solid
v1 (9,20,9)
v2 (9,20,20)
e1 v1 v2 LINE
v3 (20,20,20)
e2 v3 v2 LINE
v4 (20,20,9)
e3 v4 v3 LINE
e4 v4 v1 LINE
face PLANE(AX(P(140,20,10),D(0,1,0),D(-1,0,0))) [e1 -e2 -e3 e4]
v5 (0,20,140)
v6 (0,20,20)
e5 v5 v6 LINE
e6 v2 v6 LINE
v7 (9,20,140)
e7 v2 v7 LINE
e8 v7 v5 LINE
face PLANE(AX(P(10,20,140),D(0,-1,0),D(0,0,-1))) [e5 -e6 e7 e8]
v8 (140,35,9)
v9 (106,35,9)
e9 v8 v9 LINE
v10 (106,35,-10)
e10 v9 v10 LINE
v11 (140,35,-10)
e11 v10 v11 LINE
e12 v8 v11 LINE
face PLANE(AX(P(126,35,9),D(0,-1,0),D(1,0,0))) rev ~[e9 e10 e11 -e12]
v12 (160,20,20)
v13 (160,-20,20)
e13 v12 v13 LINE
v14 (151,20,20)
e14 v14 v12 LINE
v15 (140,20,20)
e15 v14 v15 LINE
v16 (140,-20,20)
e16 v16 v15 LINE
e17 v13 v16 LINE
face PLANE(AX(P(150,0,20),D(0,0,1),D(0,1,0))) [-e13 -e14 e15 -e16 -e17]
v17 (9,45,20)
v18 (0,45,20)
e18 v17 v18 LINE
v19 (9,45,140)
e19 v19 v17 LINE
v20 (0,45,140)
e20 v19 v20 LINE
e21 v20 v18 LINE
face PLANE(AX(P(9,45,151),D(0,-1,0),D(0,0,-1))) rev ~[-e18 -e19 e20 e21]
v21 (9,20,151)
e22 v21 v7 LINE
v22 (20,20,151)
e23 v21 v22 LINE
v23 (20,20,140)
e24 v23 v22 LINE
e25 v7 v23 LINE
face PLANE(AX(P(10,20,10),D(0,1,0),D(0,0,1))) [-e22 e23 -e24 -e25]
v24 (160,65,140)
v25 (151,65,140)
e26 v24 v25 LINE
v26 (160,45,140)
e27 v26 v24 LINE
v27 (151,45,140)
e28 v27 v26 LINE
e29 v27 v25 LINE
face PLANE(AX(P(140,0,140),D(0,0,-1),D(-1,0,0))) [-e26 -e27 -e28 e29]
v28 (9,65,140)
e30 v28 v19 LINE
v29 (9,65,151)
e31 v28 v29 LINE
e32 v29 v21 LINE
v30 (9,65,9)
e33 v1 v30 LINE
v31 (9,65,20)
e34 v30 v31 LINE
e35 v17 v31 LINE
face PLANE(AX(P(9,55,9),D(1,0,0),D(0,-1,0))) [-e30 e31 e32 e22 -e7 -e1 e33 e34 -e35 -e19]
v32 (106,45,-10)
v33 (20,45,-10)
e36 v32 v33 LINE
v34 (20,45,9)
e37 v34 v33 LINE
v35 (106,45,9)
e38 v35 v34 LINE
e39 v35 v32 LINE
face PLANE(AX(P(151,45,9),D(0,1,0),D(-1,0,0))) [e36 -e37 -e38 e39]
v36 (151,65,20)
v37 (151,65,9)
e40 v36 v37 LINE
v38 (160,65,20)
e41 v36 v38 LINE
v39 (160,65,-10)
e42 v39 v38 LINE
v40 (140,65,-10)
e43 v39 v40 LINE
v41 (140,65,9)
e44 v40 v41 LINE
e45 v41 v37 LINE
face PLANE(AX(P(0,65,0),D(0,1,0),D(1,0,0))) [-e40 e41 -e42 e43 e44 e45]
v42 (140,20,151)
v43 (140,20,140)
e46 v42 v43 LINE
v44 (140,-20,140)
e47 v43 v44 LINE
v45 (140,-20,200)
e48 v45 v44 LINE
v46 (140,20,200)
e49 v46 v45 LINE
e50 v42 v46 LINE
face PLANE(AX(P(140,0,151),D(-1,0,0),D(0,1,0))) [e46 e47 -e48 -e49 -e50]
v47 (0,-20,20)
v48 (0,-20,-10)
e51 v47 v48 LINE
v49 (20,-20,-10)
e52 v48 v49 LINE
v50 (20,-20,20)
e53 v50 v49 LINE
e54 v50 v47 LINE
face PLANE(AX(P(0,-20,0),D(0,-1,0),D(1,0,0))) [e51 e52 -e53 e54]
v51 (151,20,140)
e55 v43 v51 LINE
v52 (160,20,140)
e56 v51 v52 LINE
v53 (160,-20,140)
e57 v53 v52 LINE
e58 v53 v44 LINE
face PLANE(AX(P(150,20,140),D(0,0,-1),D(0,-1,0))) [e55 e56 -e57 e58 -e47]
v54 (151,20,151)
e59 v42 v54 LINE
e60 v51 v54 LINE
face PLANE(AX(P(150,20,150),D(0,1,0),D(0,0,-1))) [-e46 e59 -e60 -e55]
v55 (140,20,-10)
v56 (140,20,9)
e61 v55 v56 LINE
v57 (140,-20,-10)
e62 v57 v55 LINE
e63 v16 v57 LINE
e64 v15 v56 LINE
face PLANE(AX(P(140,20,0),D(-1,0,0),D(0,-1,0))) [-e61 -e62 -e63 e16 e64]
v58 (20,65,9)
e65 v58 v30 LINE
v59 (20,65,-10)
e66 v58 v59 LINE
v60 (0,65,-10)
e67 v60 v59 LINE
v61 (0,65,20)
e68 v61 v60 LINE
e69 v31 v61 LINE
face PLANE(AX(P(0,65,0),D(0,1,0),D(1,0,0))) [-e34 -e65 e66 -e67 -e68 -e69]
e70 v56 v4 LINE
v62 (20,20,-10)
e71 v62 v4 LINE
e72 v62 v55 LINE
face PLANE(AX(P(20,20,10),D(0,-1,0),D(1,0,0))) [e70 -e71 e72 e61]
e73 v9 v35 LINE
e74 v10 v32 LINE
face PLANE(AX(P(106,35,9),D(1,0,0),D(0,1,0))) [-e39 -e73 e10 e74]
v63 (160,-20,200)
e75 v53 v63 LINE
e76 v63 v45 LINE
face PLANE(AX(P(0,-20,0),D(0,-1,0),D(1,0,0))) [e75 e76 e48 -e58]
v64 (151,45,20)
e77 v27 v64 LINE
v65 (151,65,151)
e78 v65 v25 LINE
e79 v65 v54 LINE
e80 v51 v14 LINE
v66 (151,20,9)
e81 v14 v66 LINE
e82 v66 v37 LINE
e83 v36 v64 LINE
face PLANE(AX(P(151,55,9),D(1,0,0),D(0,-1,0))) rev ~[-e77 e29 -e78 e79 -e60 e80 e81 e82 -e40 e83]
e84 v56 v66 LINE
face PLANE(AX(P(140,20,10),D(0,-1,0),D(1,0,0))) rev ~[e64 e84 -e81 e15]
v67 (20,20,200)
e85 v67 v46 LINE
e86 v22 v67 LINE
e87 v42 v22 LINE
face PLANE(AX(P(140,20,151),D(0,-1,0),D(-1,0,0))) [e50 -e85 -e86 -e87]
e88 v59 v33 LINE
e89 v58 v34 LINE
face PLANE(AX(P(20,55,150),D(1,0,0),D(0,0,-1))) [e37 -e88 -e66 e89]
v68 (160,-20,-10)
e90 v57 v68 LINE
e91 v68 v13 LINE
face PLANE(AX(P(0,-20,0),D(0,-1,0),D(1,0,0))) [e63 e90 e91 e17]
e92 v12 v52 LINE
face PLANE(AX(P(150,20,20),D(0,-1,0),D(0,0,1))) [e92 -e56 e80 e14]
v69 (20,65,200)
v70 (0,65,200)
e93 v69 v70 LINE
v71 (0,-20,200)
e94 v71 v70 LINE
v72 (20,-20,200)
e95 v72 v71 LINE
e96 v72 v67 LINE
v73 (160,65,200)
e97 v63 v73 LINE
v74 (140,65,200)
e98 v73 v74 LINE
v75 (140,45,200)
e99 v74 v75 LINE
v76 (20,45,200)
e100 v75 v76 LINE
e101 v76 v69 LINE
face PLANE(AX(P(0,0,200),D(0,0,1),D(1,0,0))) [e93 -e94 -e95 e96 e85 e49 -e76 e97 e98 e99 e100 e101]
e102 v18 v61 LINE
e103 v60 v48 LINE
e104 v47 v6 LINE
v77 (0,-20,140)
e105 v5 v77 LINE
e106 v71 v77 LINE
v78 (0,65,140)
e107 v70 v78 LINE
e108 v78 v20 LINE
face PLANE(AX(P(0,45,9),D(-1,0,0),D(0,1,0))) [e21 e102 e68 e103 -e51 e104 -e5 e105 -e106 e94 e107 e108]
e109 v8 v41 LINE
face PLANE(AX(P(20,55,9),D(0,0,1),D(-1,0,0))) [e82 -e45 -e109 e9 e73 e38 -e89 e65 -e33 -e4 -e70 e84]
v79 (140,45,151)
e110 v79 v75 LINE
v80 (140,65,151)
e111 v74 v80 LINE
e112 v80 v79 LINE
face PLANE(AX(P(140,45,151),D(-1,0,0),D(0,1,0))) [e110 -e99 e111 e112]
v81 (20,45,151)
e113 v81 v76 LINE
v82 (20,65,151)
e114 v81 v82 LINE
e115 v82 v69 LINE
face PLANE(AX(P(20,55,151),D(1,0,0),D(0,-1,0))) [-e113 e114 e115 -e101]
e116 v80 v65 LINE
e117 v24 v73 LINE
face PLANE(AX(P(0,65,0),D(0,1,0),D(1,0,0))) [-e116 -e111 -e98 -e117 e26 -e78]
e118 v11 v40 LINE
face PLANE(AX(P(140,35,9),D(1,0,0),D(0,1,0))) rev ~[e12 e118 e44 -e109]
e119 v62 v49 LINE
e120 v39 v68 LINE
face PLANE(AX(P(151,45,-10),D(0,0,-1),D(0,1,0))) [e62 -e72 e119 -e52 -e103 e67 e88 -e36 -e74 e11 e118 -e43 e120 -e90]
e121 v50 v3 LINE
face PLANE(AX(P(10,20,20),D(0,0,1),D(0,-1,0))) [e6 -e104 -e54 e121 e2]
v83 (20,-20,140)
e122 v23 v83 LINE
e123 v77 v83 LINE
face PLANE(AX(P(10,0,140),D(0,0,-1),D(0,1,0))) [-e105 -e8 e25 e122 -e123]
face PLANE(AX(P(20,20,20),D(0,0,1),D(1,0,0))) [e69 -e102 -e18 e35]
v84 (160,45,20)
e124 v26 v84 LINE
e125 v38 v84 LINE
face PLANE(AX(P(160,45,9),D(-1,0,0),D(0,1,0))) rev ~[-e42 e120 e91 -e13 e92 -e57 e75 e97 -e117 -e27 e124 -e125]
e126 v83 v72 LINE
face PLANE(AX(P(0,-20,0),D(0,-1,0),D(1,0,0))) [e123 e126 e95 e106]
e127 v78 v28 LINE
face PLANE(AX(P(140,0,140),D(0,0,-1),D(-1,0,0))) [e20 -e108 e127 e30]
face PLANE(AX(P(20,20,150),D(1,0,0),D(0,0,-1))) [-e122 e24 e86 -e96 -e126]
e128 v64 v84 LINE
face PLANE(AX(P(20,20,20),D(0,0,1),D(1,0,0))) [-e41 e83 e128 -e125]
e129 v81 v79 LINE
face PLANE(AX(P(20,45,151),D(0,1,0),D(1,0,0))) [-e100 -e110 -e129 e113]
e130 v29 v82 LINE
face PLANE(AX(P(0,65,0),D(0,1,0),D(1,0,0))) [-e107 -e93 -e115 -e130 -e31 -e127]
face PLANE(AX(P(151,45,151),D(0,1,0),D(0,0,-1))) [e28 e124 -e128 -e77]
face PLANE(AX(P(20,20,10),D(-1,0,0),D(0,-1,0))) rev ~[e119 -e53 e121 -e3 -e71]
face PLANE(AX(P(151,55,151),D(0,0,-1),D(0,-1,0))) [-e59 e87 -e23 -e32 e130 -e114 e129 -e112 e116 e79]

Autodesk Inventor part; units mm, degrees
ref_plane "YZ Plane" through (0, 0, 0) normal (1, 0, 0) x (0, 1, 0)
ref_plane "XZ Plane" through (0, 0, 0) normal (0, 1, 0) x (-1, 0, 0)
ref_plane "XY Plane" through (0, 0, 0) normal (0, 0, 1) x (1, 0, 0)
sketch "Sketch1" plane through (0, 0, 0) normal (0, 1, 0) x (-1, 0, 0)
  line L0 (0, 0) -> (-160, 0)
  line L1 (-160, 0) -> (-160, 190)
  line L2 (-160, 190) -> (0, 190)
  line L3 (0, 190) -> (0, 0)
  dimension "d0" = 160
  dimension "d1" = 190
extrude "Extrusion1" add sketch "Sketch1" along normal blind 55
sketch "Sketch2" plane through (0, 55, 0) normal (0, 1, 0) x (1, 0, 0)
  line L0 (0, 0) -> (10, 0)
  line L1 (10, 0) -> (10, -10)
  line L2 (10, -10) -> (0, -10)
  line L3 (0, -10) -> (0, 0)
  line L4 (10, -10) -> (150, -10)
  line L5 (150, -10) -> (150, -150)
  line L6 (150, -150) -> (10, -150)
  line L7 (10, -150) -> (10, -10)
  dimension "d4" = 10
  dimension "d5" = 10
  dimension "d6" = 140
  dimension "d7" = 140
extrude "Extrusion2" cut sketch "Sketch2" against normal blind 35 contours L4 L5 L6 L7
sketch "Sketch3" plane through (0, 20, 0) normal (0, 1, 0) x (1, 0, 0)
  line L0 (10, -150) -> (10, -10) projected
  line L1 (10, -10) -> (20, -10)
  line L2 (20, -10) -> (20, -20)
  line L3 (20, -20) -> (10, -20)
  line L4 (10, -20) -> (10, -10)
  line L5 (20, -20) -> (140, -20)
  line L6 (140, -20) -> (140, -140)
  line L7 (140, -140) -> (20, -140)
  line L8 (20, -140) -> (20, -20)
  point P0 (0, 0)
  dimension "d10" = 10
  dimension "d11" = 10
  dimension "d12" = 120
  dimension "d13" = 120
extrude "Extrusion3" cut sketch "Sketch3" against normal blind 20 contours L5 L6 L7 L8
sketch "Sketch4" plane through (0, 20, 0) normal (0, 1, 0) x (1, 0, 0)
  line L0 (20, -20) -> (20, -140) projected
  line L1 (20, -20) -> (10, -20)
  line L2 (10, -20) -> (10, -140)
  line L3 (10, -140) -> (20, -140)
  line L4 (20, -140) -> (20, -20)
  line L5 (140, -20) -> (20, -20) projected
  line L6 (140, -20) -> (150, -20)
  line L7 (150, -20) -> (150, -140)
  line L8 (150, -140) -> (140, -140)
  line L9 (140, -140) -> (140, -20)
  line L10 (20, -20) -> (140, -20)
  line L11 (140, -20) -> (140, -10)
  line L12 (140, -10) -> (20, -10)
  line L13 (20, -10) -> (20, -20)
  line L14 (20, -140) -> (140, -140)
  line L15 (140, -140) -> (140, -150)
  line L16 (140, -150) -> (20, -150)
  line L17 (20, -150) -> (20, -140)
  point P0 (0, 0)
  dimension "d16" = 10
  dimension "d17" = 10
  dimension "d18" = 120
  dimension "d19" = 120
  dimension "d20" = 10
  dimension "d21" = 120
  dimension "d22" = 10
extrude "Extrusion4" cut sketch "Sketch4" against normal blind 20 contours L0 L3 L2 L1 | L13 L12 L11 L5 | L14 L15 L16 L17 | L6 L7 L8 L9
sketch "Sketch5" plane through (10, 55, 150) normal (1, 0, 0) x (0, 0, -1)
  line L0 (0, -35) -> (10, -35) projected
  line L1 (10, -35) -> (130, -35)
  line L2 (130, -35) -> (130, -55)
  line L3 (130, -55) -> (10, -55)
  line L4 (10, -55) -> (10, -35)
  point P0 (150, -55)
extrude "Extrusion5" cut sketch "Sketch5" against normal blind 10
sketch "Sketch6" plane through (150, 55, 10) normal (-1, 0, 0) x (0, 0, 1)
  line L0 (130, -35) -> (130, -55) projected
  line L1 (10, -35) -> (130, -35)
  line L2 (130, -35) -> (130, -55)
  line L3 (130, -55) -> (10, -55)
  line L4 (10, -55) -> (10, -35)
  point P0 (-10, -55)
  dimension "d27" = 120
  dimension "d28" = 20
extrude "Extrusion6" cut sketch "Sketch6" against normal blind 10
sketch "Sketch7" plane through (0, 0, 0) normal (0, -1, 0) x (1, 0, 0)
  line L0 (160, 190) -> (0, 190) projected
  line L1 (160, 190) -> (150, 190)
  line L2 (150, 190) -> (150, 180)
  line L3 (150, 180) -> (160, 180)
  line L4 (160, 180) -> (160, 190)
  line L5 (0, 140) -> (20, 140) projected
  line L6 (150, 150) -> (10, 150) projected
  line L7 (0, 140) -> (20, 140)
  line L8 (20, 140) -> (20, 150)
  line L9 (20, 150) -> (0, 150)
  line L10 (0, 150) -> (0, 140)
  line L11 (10, 150) -> (10, 10) projected
  line L12 (10, 150) -> (20, 150)
  line L13 (20, 150) -> (20, 160)
  line L14 (20, 160) -> (10, 160)
  line L15 (10, 160) -> (10, 150)
  line L16 (10, 160) -> (150, 160)
  line L17 (150, 160) -> (150, 180)
  line L18 (150, 180) -> (10, 180)
  line L19 (10, 180) -> (10, 160)
  point P0 (0, 0)
  dimension "d31" = 10
  dimension "d32" = 10
  dimension "d33" = 20
  dimension "d34" = 10
  dimension "d35" = 10
extrude "Extrusion7" cut sketch "Sketch7" against normal blind 45 contours L17 L16 L14 L19 L18
sketch "Sketch8" plane through (10, 55, 10) normal (0, 0, 1) x (1, 0, 0)
  line L0 (10, -35) -> (10, -55) projected
  line L1 (130, -55) -> (10, -55)
  line L2 (10, -55) -> (10, -35)
  line L3 (10, -35) -> (130, -35)
  line L4 (130, -35) -> (130, -55)
  point P0 (-10, -55)
  dimension "d38" = 120
  dimension "d39" = 20
extrude "Extrusion8" cut sketch "Sketch8" against normal blind 10
sketch "Sketch9" plane through (150, 55, 10) normal (-1, 0, 0) x (0, 0, 1)
  line L0 (140, 0) -> (140, -35) projected
  line L1 (0, 0) -> (0, -35) projected
  line L2 (140, -35) -> (0, -35)
  line L3 (0, -35) -> (0, 0)
  line L4 (0, 0) -> (140, 0)
  line L5 (140, 0) -> (140, -35)
  point P0 (-10, -55)
extrude "Extrusion9" cut sketch "Sketch9" against normal blind 1
sketch "Sketch10" plane through (10, 55, 150) normal (1, 0, 0) x (0, 0, -1)
  line L0 (0, 0) -> (0, -35) projected
  line L1 (0, 0) -> (140, 0)
  line L2 (140, 0) -> (140, -35)
  line L3 (140, -35) -> (0, -35)
  line L4 (0, -35) -> (0, 0)
  point P0 (150, -55)
extrude "Extrusion10" cut sketch "Sketch10" against normal blind 1
sketch "Sketch11" plane through (20, 20, 10) normal (0, 0, 1) x (1, 0, 0)
  line L0 (120, 0) -> (131, 0) projected
  line L1 (131, 0) -> (-11, 0)
  line L2 (-11, 0) -> (-11, 35)
  line L3 (-11, 35) -> (131, 35)
  line L4 (131, 35) -> (131, 0)
  point P0 (-20, -20)
extrude "Extrusion11" cut sketch "Sketch11" against normal blind 1
sketch "Sketch12" plane through (140, 0, 150) normal (0, 0, -1) x (-1, 0, 0)
  line L0 (-11, 55) -> (-11, 20) projected
  line L1 (-11, 55) -> (131, 55)
  line L2 (131, 55) -> (131, 20)
  line L3 (131, 20) -> (-11, 20)
  line L4 (-11, 20) -> (-11, 55)
  line L5 (0, 0) -> (-20, 0) projected
  line L6 (0, 0) -> (120, 0)
  line L7 (120, 0) -> (120, 20)
  line L8 (120, 20) -> (0, 20)
  line L9 (0, 20) -> (0, 0)
  point P0 (140, 0)
extrude "Extrusion12" cut sketch "Sketch12" against normal blind 1
sketch "Sketch14" plane through (160, 55, 0) normal (0, 0, -1) x (-1, 0, 0)
  line L0 (0, -55) -> (0, 0) projected
  line L1 (20, -35) -> (20, -55) projected
  line L2 (0, -55) -> (20, -55)
  line L3 (20, -55) -> (20, -35)
  line L4 (20, -35) -> (0, -35)
  line L5 (0, -35) -> (0, -55)
  line L6 (160, -55) -> (160, -35) projected
  line L7 (140, -35) -> (140, -55) projected
  line L8 (160, -55) -> (140, -55)
  line L9 (140, -55) -> (140, -35)
  line L10 (140, -35) -> (160, -35)
  line L11 (160, -35) -> (160, -55)
  line L12 (151, -35) -> (160, -35) projected
  line L13 (160, 0) -> (0, 0) projected
  line L14 (160, -35) -> (0, -35)
  line L15 (0, -35) -> (0, 0)
  line L16 (0, 0) -> (160, 0)
  line L17 (160, 0) -> (160, -35)
extrude "Extrusion13" add sketch "Sketch14" along normal blind 10
sketch "Sketch15" plane through (0, 0, 190) normal (0, 0, 1) x (1, 0, 0)
  line L0 (0, 0) -> (0, 55) projected
  line L1 (160, 0) -> (140, 0) projected
  line L2 (0, 55) -> (160, 55)
  line L3 (160, 55) -> (160, 0)
  line L4 (160, 0) -> (0, 0)
  line L5 (0, 0) -> (0, 55)
extrude "Extrusion14" add sketch "Sketch15" along normal blind 10
sketch "Sketch16" plane through (0, 45, 0) normal (0, -1, 0) x (1, 0, 0)
  line L0 (10, 160) -> (10, 180) projected
  line L1 (10, 180) -> (150, 180) projected
  line L2 (10, 160) -> (150, 160)
  line L3 (150, 160) -> (150, 180)
  line L4 (150, 180) -> (10, 180)
  line L5 (10, 180) -> (10, 160)
  point P0 (0, 0)
extrude "Extrusion15" add sketch "Sketch16" along normal blind 45
sketch "Sketch17" plane through (20, 20, 9) normal (0, 0, 1) x (1, 0, 0)
  line L0 (-11, 0) -> (-11, 35) projected
  line L1 (-11, 35) -> (131, 35)
  line L2 (131, 35) -> (131, 25)
  line L3 (131, 25) -> (-11, 25)
  line L4 (-11, 25) -> (-11, 35)
  point P0 (-20, -20)
  dimension "d56" = 142
  dimension "d57" = 10
extrude "Extrusion16" cut sketch "Sketch17" against normal blind 19
sketch "Sketch19" plane through (9, 55, 150) normal (1, 0, 0) x (0, 0, -1)
  line L0 (160, 0) -> (160, -10) projected
  line L1 (141, -10) -> (160, -10) projected
  line L2 (160, 0) -> (141, 0)
  line L3 (141, 0) -> (141, -10)
  line L4 (141, -10) -> (160, -10)
  line L5 (160, -10) -> (160, 0)
  point P0 (150, -55)
extrude "Extrusion17" add sketch "Sketch19" along normal blind 11
sketch "Sketch21" plane through (151, 55, 10) normal (-1, 0, 0) x (0, 0, 1)
  line L0 (-20, -10) -> (-20, 0) projected
  line L1 (-1, -10) -> (-1, -35) projected
  line L2 (-20, 0) -> (-1, 0)
  line L3 (-1, 0) -> (-1, -10)
  line L4 (-1, -10) -> (-20, -10)
  line L5 (-20, -10) -> (-20, 0)
  point P0 (-10, -55)
extrude "Extrusion18" add sketch "Sketch21" along normal blind 11
sketch "Sketch22" plane through (151, 55, 10) normal (-1, 0, 0) x (0, 0, 1)
  line L0 (-1, 0) -> (141, 0) projected
  line L1 (-1, 0) -> (141, 0)
  line L2 (141, 0) -> (141, -10)
  line L3 (141, -10) -> (-1, -10)
  line L4 (-1, -10) -> (-1, 0)
  point P0 (-10, -55)
  dimension "d64" = 142
  dimension "d65" = 10
extrude "Extrusion19" cut sketch "Sketch22" against normal blind 9
sketch "Sketch23" plane through (20, 20, 9) normal (0, 0, 1) x (1, 0, 0)
  line L0 (120, 35) -> (140, 35) projected
  line L1 (131, 25) -> (140, 25) projected
  line L2 (140, 35) -> (131, 35)
  line L3 (131, 35) -> (131, 25)
  line L4 (131, 25) -> (140, 25)
  line L5 (140, 25) -> (140, 35)
  point P0 (-20, -20)
extrude "Extrusion20" add sketch "Sketch23" along normal blind 11
sketch "Sketch24" plane through (9, 55, 150) normal (1, 0, 0) x (0, 0, -1)
  line L0 (-1, 0) -> (141, 0) projected
  line L1 (141, 0) -> (-1, 0)
  line L2 (-1, 0) -> (-1, -10)
  line L3 (-1, -10) -> (141, -10)
  line L4 (141, -10) -> (141, 0)
  point P0 (150, -55)
  dimension "d70" = 142
  dimension "d71" = 10
extrude "Extrusion21" cut sketch "Sketch24" against normal blind 9
sketch "Sketch25" plane through (20, 20, 9) normal (0, 0, 1) x (1, 0, 0)
  line L0 (-20, 25) -> (-20, 35) projected
  line L1 (-11, 0) -> (-11, 25) projected
  line L2 (-20, 35) -> (-11, 35)
  line L3 (-11, 35) -> (-11, 25)
  line L4 (-11, 25) -> (-20, 25)
  line L5 (-20, 25) -> (-20, 35)
  point P0 (-20, -20)
extrude "Extrusion22" add sketch "Sketch25" along normal blind 11
sketch "Sketch26" plane through (140, 0, 151) normal (0, 0, -1) x (-1, 0, 0)
  line L0 (-20, 45) -> (-20, 55) projected
  line L1 (-11, 45) -> (-20, 45) projected
  line L2 (-20, 55) -> (-11, 55)
  line L3 (-11, 55) -> (-11, 45)
  line L4 (-11, 45) -> (-20, 45)
  line L5 (-20, 45) -> (-20, 55)
  line L6 (-20, 55) -> (140, 55) projected
  line L7 (131, 45) -> (140, 45) projected
  line L8 (140, 55) -> (131, 55)
  line L9 (131, 55) -> (131, 45)
  line L10 (131, 45) -> (140, 45)
  line L11 (140, 45) -> (140, 55)
  point P0 (140, 0)
extrude "Extrusion23" add sketch "Sketch26" along normal blind 11
sketch "Sketch27" plane through (140, 0, 151) normal (0, 0, -1) x (-1, 0, 0)
  line L0 (0, 0) -> (0, 20) projected
  line L1 (120, 0) -> (0, 0) projected
  line L2 (0, 20) -> (120, 20)
  line L3 (120, 20) -> (120, 0)
  line L4 (120, 0) -> (0, 0)
  line L5 (0, 0) -> (0, 20)
  point P0 (140, 0)
extrude "Extrusion24" cut sketch "Sketch27" against normal blind 50
sketch "Sketch28" plane through (140, 0, 151) normal (0, 0, -1) x (-1, 0, 0)
  line L0 (-11, 20) -> (-11, 55) projected
  line L1 (-11, 55) -> (0, 55)
  line L2 (-11, 55) -> (131, 55) projected
  line L3 (131, 55) -> (120, 55)
  line L4 (0, 55) -> (120, 55)
  line L5 (120, 55) -> (120, 45)
  line L6 (120, 45) -> (0, 45)
  line L7 (0, 45) -> (0, 55)
  point P0 (140, 0)
  dimension "d80" = 11
  dimension "d81" = 11
  dimension "d82" = 120
  dimension "d83" = 10
extrude "Extrusion25" cut sketch "Sketch28" against normal blind 50
sketch "Sketch29" plane through (20, 20, 9) normal (0, 0, 1) x (1, 0, 0)
  line L0 (120, 25) -> (86, 25)
  line L1 (120, 25) -> (0, 25) projected
  line L2 (86, 25) -> (106, 25)
  line L3 (106, 25) -> (106, 15)
  line L4 (106, 15) -> (86, 15)
  line L5 (86, 15) -> (86, 25)
  point P0 (-20, -20)
  dimension "d86" = 34
  dimension "d87" = 20
  dimension "d88" = 10
extrude "Extrusion26" cut sketch "Sketch29" against normal blind 19
sketch "Sketch30" plane through (20, 20, 9) normal (0, 0, 1) x (1, 0, 0)
  line L0 (120, 25) -> (106, 25) projected
  line L1 (106, 15) -> (86, 15) projected
  line L2 (120, 25) -> (106, 25)
  line L3 (106, 25) -> (106, 15)
  line L4 (106, 15) -> (120, 15)
  line L5 (120, 15) -> (120, 25)
  point P0 (-20, -20)
extrude "Extrusion27" cut sketch "Sketch30" against normal blind 19
sketch "Sketch31" plane through (0, 0, 0) normal (0, -1, 0) x (1, 0, 0)
  line L0 (0, 20) -> (0, -10) projected
  line L1 (20, 20) -> (20, 9) projected
  line L2 (0, -10) -> (20, -10)
  line L3 (20, -10) -> (20, 20)
  line L4 (20, 20) -> (0, 20)
  line L5 (0, 20) -> (0, -10)
  line L6 (106, -10) -> (140, -10) projected
  line L7 (160, -10) -> (160, 20) projected
  line L8 (140, -10) -> (160, -10)
  line L9 (160, -10) -> (160, 20)
  line L10 (160, 20) -> (140, 20)
  line L11 (140, 20) -> (140, -10)
  line L12 (151, 140) -> (140, 140) projected
  line L13 (160, 140) -> (160, 200) projected
  line L14 (140, 140) -> (160, 140)
  line L15 (160, 140) -> (160, 200)
  line L16 (160, 200) -> (140, 200)
  line L17 (140, 200) -> (140, 140)
  line L18 (0, 200) -> (0, 140) projected
  line L19 (20, 200) -> (0, 200) projected
  line L20 (0, 140) -> (20, 140)
  line L21 (20, 140) -> (20, 200)
  line L22 (20, 200) -> (0, 200)
  line L23 (0, 200) -> (0, 140)
  point P0 (0, 0)
extrude "Extrusion28" add sketch "Sketch31" along normal blind 20
sketch "Sketch32" plane through (0, 55, 0) normal (0, 1, 0) x (1, 0, 0)
  line L0 (0, -20) -> (0, 10) projected
  line L1 (20, -9) -> (20, 10) projected
  line L2 (0, 10) -> (20, 10)
  line L3 (20, 10) -> (20, -9)
  line L4 (20, -9) -> (0, -9)
  line L5 (0, -9) -> (0, 10)
  line L6 (9, -9) -> (9, -20) projected
  line L7 (9, -20) -> (0, -20)
  line L8 (0, -20) -> (0, -9)
  line L9 (0, -9) -> (9, -9)
  line L10 (9, -9) -> (9, -20)
  line L11 (151, -20) -> (151, -9) projected
  line L12 (160, 10) -> (160, -20) projected
  line L13 (151, -20) -> (160, -20)
  line L14 (160, -20) -> (160, 10)
  line L15 (160, 10) -> (151, 10)
  line L16 (151, 10) -> (151, -20)
  line L17 (151, 10) -> (140, 10)
  line L18 (140, 10) -> (140, -9)
  line L19 (140, -9) -> (151, -9)
  line L20 (151, -9) -> (151, 10)
  line L21 (160, -200) -> (140, -200) projected
  line L22 (140, -140) -> (140, -151) projected
  line L23 (160, -200) -> (140, -200)
  line L24 (140, -200) -> (140, -151)
  line L25 (140, -151) -> (160, -151)
  line L26 (160, -151) -> (160, -200)
  line L27 (151, -151) -> (151, -140) projected
  line L28 (160, -140) -> (160, -200) projected
  line L29 (151, -151) -> (160, -151)
  line L30 (160, -151) -> (160, -140)
  line L31 (160, -140) -> (151, -140)
  line L32 (151, -140) -> (151, -151)
  line L33 (0, -140) -> (20, -140) projected
  line L34 (9, -151) -> (20, -151) projected
  line L35 (0, -140) -> (9, -140)
  line L36 (9, -140) -> (9, -151)
  line L37 (9, -151) -> (0, -151)
  line L38 (0, -151) -> (0, -140)
  line L39 (20, -151) -> (20, -200) projected
  line L40 (20, -200) -> (0, -200)
  line L41 (0, -200) -> (0, -151)
  line L42 (0, -151) -> (20, -151)
  line L43 (20, -151) -> (20, -200)
  point P0 (0, 0)
extrude "Extrusion29" add sketch "Sketch32" along normal blind 10
properties part number "140mmLaptopStand"
